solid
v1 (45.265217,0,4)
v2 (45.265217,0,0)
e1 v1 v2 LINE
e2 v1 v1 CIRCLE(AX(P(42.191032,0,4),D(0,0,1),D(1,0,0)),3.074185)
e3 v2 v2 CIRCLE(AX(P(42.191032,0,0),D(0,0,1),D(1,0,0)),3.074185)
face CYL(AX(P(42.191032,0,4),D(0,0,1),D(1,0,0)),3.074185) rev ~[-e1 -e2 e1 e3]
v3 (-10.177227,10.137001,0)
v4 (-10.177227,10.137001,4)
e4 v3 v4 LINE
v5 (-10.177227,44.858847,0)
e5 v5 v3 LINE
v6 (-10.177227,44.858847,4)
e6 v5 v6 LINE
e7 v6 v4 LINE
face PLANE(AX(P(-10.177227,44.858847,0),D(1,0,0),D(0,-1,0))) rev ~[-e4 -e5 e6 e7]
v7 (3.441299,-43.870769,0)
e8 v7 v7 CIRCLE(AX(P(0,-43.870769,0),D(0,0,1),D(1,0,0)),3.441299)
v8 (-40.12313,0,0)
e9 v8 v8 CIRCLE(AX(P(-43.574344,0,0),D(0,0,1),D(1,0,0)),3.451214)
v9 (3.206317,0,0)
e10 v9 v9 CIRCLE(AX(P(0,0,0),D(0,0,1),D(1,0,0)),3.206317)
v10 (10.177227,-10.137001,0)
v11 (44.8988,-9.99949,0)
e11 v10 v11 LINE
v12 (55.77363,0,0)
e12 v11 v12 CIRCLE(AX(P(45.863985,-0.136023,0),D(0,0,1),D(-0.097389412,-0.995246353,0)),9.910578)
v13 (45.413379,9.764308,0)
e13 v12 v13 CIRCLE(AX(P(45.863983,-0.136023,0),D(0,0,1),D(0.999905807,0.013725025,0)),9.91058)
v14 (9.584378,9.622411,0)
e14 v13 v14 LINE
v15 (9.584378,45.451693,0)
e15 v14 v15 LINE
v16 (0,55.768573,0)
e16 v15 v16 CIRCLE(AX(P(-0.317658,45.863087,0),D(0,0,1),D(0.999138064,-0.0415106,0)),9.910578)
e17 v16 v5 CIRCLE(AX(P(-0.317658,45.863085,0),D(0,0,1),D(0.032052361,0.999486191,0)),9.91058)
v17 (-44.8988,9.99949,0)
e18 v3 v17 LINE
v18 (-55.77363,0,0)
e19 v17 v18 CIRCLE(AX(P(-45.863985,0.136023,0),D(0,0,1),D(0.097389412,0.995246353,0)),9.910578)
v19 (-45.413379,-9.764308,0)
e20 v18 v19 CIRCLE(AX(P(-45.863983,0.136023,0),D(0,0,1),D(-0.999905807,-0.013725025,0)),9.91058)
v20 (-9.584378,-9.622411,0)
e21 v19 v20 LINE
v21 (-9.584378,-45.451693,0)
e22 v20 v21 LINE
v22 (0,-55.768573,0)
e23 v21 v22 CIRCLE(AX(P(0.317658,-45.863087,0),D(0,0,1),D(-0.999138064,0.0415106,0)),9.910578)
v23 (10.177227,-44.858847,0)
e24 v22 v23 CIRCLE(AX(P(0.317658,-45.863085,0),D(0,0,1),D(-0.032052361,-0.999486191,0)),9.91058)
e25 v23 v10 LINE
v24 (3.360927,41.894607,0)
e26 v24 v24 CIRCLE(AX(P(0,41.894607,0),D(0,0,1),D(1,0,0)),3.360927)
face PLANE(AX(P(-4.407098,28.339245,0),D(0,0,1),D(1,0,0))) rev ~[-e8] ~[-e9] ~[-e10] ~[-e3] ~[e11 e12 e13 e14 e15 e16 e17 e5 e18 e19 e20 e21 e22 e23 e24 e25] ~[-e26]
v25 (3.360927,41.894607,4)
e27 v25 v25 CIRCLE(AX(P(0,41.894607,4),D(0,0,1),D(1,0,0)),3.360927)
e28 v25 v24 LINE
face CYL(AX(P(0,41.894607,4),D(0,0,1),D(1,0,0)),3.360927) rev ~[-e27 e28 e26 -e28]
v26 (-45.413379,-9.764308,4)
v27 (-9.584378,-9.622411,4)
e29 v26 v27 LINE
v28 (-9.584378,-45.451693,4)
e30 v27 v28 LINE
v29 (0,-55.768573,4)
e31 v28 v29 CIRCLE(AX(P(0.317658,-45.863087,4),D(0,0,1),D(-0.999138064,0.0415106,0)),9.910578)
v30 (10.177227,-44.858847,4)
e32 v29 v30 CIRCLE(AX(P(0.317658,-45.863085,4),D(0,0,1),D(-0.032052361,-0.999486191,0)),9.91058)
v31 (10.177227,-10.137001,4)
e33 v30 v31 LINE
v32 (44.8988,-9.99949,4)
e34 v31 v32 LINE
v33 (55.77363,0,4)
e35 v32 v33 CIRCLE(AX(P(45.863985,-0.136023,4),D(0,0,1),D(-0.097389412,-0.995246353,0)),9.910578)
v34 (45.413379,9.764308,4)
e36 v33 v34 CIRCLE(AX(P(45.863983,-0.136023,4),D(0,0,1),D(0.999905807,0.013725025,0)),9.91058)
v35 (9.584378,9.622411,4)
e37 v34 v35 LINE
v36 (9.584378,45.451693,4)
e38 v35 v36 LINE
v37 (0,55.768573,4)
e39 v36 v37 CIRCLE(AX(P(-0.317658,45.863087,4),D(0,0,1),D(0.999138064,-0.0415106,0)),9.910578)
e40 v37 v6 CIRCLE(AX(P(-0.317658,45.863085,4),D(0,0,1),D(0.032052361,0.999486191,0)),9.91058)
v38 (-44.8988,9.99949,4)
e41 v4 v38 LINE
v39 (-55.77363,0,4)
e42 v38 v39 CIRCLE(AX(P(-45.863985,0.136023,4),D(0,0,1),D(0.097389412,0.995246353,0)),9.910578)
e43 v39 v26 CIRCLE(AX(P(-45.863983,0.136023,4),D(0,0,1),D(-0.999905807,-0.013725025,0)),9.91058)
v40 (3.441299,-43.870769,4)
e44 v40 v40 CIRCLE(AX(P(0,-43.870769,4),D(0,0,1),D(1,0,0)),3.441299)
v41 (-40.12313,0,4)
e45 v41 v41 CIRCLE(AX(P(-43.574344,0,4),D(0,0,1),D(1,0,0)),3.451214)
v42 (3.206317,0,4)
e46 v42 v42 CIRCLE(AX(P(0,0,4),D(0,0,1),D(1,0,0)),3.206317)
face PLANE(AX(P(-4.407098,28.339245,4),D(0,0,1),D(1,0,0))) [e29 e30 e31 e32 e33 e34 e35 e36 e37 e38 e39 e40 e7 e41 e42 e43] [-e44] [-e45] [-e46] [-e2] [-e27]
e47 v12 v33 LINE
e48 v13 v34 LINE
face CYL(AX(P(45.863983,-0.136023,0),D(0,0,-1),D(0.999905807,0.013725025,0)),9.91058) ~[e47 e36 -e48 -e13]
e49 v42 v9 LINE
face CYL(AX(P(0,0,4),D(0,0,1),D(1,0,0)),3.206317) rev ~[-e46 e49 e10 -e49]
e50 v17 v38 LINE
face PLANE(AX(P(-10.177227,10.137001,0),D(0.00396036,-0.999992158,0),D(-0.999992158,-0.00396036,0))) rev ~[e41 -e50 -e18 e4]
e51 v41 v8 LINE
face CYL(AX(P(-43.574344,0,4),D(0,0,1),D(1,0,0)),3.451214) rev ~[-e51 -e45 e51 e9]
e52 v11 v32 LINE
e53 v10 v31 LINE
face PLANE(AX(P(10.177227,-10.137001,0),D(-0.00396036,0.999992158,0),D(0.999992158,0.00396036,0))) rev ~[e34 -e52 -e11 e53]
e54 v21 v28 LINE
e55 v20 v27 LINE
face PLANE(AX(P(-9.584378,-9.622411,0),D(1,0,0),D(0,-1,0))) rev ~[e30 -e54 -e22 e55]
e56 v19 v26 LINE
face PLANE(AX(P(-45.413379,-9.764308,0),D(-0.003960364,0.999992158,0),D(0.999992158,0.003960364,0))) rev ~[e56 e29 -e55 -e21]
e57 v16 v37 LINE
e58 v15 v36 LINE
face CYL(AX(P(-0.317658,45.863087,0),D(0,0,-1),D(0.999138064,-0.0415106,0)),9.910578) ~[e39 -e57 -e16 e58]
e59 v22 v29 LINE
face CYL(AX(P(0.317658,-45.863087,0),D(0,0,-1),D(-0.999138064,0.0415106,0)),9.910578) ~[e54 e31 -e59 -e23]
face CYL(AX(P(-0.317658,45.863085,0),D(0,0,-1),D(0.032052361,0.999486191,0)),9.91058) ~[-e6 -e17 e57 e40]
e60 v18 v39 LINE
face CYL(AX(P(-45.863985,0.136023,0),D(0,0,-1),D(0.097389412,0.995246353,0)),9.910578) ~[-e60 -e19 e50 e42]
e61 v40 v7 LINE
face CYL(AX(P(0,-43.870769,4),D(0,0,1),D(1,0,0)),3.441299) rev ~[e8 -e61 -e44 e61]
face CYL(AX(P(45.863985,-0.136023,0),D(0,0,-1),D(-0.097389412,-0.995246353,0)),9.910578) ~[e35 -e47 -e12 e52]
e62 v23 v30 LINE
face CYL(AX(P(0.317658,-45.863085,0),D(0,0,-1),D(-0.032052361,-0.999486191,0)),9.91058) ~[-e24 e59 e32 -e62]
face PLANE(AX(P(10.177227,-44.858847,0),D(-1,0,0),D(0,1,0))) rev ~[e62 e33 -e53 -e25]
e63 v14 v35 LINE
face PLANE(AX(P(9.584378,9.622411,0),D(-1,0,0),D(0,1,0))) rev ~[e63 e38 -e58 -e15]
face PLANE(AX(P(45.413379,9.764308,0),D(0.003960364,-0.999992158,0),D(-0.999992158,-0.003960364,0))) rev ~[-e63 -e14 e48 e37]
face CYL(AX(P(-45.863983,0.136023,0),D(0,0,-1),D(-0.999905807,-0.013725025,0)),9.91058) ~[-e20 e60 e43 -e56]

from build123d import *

# Parameters (mm, degrees)
F1_DEPTH = 4
F2_R     = 3.206317
F2_R_2   = 3.451214
F2_R_3   = 3.441299
F2_R_4   = 3.074185
F2_R_5   = 3.360927
F3_DEPTH = 114.2


with BuildPart() as f1:
    # F0 (on Top) → F1 (new body)
    with BuildSketch(Plane.XY):
        with BuildLine():
            Line((-10.177227, 10.137001), (0, 0))
            Line((0, 0), (0, 55.768573))
            ThreePointArc((0, 55.768573), (-7.564557, 52.623414), (-10.177227, 44.858847))
            Line((-10.177227, 44.858847), (-10.177227, 10.137001))
        make_face()
        with BuildLine():
            Line((10.177227, -10.137001), (0, 0))
            Line((0, 0), (0, -55.768573))
            ThreePointArc((0, -55.768573), (7.564557, -52.623414), (10.177227, -44.858847))
            Line((10.177227, -44.858847), (10.177227, -10.137001))
        make_face()
        with BuildLine():
            Line((-9.584378, -9.622411), (0, 0))
            Line((0, 0), (-55.77363, 0))
            ThreePointArc((-55.77363, 0), (-52.661321, -7.076175), (-45.413379, -9.764308))
            Line((-45.413379, -9.764308), (-9.584378, -9.622411))
        make_face()
        with BuildLine():
            Line((9.584378, 9.622411), (0, 0))
            Line((0, 0), (55.77363, 0))
            ThreePointArc((55.77363, 0), (52.661321, 7.076175), (45.413379, 9.764308))
            Line((45.413379, 9.764308), (9.584378, 9.622411))
        make_face()
        with BuildLine():
            Line((55.77363, 0), (0, 0))
            Line((0, 0), (10.177227, -10.137001))
            Line((10.177227, -10.137001), (44.8988, -9.99949))
            ThreePointArc((44.8988, -9.99949), (52.572062, -7.431314), (55.77363, 0))
        make_face()
        with BuildLine():
            Line((0, -55.768573), (0, 0))
            Line((0, 0), (-9.584378, -9.622411))
            Line((-9.584378, -9.622411), (-9.584378, -45.451693))
            ThreePointArc((-9.584378, -45.451693), (-6.943199, -52.60842), (0, -55.768573))
        make_face()
        with BuildLine():
            Line((0, 55.768573), (0, 0))
            Line((0, 0), (9.584378, 9.622411))
            Line((9.584378, 9.622411), (9.584378, 45.451693))
            ThreePointArc((9.584378, 45.451693), (6.943199, 52.60842), (0, 55.768573))
        make_face()
        with BuildLine():
            Line((-55.77363, 0), (0, 0))
            Line((0, 0), (-10.177227, 10.137001))
            Line((-10.177227, 10.137001), (-44.8988, 9.99949))
            ThreePointArc((-44.8988, 9.99949), (-52.572062, 7.431314), (-55.77363, 0))
        make_face()
    extrude(amount=F1_DEPTH)

    # F2 (on face) → F3 (cut)
    with BuildSketch(Plane.XY.offset(4)):
        Circle(F2_R)
        with Locations((-43.574344, 0)):
            Circle(F2_R_2)
        with Locations((0, -43.870769)):
            Circle(F2_R_3)
        with Locations((42.191032, 0)):
            Circle(F2_R_4)
        with Locations((0, 41.894607)):
            Circle(F2_R_5)
    extrude(amount=-F3_DEPTH, mode=Mode.SUBTRACT)


solid = f1.part
